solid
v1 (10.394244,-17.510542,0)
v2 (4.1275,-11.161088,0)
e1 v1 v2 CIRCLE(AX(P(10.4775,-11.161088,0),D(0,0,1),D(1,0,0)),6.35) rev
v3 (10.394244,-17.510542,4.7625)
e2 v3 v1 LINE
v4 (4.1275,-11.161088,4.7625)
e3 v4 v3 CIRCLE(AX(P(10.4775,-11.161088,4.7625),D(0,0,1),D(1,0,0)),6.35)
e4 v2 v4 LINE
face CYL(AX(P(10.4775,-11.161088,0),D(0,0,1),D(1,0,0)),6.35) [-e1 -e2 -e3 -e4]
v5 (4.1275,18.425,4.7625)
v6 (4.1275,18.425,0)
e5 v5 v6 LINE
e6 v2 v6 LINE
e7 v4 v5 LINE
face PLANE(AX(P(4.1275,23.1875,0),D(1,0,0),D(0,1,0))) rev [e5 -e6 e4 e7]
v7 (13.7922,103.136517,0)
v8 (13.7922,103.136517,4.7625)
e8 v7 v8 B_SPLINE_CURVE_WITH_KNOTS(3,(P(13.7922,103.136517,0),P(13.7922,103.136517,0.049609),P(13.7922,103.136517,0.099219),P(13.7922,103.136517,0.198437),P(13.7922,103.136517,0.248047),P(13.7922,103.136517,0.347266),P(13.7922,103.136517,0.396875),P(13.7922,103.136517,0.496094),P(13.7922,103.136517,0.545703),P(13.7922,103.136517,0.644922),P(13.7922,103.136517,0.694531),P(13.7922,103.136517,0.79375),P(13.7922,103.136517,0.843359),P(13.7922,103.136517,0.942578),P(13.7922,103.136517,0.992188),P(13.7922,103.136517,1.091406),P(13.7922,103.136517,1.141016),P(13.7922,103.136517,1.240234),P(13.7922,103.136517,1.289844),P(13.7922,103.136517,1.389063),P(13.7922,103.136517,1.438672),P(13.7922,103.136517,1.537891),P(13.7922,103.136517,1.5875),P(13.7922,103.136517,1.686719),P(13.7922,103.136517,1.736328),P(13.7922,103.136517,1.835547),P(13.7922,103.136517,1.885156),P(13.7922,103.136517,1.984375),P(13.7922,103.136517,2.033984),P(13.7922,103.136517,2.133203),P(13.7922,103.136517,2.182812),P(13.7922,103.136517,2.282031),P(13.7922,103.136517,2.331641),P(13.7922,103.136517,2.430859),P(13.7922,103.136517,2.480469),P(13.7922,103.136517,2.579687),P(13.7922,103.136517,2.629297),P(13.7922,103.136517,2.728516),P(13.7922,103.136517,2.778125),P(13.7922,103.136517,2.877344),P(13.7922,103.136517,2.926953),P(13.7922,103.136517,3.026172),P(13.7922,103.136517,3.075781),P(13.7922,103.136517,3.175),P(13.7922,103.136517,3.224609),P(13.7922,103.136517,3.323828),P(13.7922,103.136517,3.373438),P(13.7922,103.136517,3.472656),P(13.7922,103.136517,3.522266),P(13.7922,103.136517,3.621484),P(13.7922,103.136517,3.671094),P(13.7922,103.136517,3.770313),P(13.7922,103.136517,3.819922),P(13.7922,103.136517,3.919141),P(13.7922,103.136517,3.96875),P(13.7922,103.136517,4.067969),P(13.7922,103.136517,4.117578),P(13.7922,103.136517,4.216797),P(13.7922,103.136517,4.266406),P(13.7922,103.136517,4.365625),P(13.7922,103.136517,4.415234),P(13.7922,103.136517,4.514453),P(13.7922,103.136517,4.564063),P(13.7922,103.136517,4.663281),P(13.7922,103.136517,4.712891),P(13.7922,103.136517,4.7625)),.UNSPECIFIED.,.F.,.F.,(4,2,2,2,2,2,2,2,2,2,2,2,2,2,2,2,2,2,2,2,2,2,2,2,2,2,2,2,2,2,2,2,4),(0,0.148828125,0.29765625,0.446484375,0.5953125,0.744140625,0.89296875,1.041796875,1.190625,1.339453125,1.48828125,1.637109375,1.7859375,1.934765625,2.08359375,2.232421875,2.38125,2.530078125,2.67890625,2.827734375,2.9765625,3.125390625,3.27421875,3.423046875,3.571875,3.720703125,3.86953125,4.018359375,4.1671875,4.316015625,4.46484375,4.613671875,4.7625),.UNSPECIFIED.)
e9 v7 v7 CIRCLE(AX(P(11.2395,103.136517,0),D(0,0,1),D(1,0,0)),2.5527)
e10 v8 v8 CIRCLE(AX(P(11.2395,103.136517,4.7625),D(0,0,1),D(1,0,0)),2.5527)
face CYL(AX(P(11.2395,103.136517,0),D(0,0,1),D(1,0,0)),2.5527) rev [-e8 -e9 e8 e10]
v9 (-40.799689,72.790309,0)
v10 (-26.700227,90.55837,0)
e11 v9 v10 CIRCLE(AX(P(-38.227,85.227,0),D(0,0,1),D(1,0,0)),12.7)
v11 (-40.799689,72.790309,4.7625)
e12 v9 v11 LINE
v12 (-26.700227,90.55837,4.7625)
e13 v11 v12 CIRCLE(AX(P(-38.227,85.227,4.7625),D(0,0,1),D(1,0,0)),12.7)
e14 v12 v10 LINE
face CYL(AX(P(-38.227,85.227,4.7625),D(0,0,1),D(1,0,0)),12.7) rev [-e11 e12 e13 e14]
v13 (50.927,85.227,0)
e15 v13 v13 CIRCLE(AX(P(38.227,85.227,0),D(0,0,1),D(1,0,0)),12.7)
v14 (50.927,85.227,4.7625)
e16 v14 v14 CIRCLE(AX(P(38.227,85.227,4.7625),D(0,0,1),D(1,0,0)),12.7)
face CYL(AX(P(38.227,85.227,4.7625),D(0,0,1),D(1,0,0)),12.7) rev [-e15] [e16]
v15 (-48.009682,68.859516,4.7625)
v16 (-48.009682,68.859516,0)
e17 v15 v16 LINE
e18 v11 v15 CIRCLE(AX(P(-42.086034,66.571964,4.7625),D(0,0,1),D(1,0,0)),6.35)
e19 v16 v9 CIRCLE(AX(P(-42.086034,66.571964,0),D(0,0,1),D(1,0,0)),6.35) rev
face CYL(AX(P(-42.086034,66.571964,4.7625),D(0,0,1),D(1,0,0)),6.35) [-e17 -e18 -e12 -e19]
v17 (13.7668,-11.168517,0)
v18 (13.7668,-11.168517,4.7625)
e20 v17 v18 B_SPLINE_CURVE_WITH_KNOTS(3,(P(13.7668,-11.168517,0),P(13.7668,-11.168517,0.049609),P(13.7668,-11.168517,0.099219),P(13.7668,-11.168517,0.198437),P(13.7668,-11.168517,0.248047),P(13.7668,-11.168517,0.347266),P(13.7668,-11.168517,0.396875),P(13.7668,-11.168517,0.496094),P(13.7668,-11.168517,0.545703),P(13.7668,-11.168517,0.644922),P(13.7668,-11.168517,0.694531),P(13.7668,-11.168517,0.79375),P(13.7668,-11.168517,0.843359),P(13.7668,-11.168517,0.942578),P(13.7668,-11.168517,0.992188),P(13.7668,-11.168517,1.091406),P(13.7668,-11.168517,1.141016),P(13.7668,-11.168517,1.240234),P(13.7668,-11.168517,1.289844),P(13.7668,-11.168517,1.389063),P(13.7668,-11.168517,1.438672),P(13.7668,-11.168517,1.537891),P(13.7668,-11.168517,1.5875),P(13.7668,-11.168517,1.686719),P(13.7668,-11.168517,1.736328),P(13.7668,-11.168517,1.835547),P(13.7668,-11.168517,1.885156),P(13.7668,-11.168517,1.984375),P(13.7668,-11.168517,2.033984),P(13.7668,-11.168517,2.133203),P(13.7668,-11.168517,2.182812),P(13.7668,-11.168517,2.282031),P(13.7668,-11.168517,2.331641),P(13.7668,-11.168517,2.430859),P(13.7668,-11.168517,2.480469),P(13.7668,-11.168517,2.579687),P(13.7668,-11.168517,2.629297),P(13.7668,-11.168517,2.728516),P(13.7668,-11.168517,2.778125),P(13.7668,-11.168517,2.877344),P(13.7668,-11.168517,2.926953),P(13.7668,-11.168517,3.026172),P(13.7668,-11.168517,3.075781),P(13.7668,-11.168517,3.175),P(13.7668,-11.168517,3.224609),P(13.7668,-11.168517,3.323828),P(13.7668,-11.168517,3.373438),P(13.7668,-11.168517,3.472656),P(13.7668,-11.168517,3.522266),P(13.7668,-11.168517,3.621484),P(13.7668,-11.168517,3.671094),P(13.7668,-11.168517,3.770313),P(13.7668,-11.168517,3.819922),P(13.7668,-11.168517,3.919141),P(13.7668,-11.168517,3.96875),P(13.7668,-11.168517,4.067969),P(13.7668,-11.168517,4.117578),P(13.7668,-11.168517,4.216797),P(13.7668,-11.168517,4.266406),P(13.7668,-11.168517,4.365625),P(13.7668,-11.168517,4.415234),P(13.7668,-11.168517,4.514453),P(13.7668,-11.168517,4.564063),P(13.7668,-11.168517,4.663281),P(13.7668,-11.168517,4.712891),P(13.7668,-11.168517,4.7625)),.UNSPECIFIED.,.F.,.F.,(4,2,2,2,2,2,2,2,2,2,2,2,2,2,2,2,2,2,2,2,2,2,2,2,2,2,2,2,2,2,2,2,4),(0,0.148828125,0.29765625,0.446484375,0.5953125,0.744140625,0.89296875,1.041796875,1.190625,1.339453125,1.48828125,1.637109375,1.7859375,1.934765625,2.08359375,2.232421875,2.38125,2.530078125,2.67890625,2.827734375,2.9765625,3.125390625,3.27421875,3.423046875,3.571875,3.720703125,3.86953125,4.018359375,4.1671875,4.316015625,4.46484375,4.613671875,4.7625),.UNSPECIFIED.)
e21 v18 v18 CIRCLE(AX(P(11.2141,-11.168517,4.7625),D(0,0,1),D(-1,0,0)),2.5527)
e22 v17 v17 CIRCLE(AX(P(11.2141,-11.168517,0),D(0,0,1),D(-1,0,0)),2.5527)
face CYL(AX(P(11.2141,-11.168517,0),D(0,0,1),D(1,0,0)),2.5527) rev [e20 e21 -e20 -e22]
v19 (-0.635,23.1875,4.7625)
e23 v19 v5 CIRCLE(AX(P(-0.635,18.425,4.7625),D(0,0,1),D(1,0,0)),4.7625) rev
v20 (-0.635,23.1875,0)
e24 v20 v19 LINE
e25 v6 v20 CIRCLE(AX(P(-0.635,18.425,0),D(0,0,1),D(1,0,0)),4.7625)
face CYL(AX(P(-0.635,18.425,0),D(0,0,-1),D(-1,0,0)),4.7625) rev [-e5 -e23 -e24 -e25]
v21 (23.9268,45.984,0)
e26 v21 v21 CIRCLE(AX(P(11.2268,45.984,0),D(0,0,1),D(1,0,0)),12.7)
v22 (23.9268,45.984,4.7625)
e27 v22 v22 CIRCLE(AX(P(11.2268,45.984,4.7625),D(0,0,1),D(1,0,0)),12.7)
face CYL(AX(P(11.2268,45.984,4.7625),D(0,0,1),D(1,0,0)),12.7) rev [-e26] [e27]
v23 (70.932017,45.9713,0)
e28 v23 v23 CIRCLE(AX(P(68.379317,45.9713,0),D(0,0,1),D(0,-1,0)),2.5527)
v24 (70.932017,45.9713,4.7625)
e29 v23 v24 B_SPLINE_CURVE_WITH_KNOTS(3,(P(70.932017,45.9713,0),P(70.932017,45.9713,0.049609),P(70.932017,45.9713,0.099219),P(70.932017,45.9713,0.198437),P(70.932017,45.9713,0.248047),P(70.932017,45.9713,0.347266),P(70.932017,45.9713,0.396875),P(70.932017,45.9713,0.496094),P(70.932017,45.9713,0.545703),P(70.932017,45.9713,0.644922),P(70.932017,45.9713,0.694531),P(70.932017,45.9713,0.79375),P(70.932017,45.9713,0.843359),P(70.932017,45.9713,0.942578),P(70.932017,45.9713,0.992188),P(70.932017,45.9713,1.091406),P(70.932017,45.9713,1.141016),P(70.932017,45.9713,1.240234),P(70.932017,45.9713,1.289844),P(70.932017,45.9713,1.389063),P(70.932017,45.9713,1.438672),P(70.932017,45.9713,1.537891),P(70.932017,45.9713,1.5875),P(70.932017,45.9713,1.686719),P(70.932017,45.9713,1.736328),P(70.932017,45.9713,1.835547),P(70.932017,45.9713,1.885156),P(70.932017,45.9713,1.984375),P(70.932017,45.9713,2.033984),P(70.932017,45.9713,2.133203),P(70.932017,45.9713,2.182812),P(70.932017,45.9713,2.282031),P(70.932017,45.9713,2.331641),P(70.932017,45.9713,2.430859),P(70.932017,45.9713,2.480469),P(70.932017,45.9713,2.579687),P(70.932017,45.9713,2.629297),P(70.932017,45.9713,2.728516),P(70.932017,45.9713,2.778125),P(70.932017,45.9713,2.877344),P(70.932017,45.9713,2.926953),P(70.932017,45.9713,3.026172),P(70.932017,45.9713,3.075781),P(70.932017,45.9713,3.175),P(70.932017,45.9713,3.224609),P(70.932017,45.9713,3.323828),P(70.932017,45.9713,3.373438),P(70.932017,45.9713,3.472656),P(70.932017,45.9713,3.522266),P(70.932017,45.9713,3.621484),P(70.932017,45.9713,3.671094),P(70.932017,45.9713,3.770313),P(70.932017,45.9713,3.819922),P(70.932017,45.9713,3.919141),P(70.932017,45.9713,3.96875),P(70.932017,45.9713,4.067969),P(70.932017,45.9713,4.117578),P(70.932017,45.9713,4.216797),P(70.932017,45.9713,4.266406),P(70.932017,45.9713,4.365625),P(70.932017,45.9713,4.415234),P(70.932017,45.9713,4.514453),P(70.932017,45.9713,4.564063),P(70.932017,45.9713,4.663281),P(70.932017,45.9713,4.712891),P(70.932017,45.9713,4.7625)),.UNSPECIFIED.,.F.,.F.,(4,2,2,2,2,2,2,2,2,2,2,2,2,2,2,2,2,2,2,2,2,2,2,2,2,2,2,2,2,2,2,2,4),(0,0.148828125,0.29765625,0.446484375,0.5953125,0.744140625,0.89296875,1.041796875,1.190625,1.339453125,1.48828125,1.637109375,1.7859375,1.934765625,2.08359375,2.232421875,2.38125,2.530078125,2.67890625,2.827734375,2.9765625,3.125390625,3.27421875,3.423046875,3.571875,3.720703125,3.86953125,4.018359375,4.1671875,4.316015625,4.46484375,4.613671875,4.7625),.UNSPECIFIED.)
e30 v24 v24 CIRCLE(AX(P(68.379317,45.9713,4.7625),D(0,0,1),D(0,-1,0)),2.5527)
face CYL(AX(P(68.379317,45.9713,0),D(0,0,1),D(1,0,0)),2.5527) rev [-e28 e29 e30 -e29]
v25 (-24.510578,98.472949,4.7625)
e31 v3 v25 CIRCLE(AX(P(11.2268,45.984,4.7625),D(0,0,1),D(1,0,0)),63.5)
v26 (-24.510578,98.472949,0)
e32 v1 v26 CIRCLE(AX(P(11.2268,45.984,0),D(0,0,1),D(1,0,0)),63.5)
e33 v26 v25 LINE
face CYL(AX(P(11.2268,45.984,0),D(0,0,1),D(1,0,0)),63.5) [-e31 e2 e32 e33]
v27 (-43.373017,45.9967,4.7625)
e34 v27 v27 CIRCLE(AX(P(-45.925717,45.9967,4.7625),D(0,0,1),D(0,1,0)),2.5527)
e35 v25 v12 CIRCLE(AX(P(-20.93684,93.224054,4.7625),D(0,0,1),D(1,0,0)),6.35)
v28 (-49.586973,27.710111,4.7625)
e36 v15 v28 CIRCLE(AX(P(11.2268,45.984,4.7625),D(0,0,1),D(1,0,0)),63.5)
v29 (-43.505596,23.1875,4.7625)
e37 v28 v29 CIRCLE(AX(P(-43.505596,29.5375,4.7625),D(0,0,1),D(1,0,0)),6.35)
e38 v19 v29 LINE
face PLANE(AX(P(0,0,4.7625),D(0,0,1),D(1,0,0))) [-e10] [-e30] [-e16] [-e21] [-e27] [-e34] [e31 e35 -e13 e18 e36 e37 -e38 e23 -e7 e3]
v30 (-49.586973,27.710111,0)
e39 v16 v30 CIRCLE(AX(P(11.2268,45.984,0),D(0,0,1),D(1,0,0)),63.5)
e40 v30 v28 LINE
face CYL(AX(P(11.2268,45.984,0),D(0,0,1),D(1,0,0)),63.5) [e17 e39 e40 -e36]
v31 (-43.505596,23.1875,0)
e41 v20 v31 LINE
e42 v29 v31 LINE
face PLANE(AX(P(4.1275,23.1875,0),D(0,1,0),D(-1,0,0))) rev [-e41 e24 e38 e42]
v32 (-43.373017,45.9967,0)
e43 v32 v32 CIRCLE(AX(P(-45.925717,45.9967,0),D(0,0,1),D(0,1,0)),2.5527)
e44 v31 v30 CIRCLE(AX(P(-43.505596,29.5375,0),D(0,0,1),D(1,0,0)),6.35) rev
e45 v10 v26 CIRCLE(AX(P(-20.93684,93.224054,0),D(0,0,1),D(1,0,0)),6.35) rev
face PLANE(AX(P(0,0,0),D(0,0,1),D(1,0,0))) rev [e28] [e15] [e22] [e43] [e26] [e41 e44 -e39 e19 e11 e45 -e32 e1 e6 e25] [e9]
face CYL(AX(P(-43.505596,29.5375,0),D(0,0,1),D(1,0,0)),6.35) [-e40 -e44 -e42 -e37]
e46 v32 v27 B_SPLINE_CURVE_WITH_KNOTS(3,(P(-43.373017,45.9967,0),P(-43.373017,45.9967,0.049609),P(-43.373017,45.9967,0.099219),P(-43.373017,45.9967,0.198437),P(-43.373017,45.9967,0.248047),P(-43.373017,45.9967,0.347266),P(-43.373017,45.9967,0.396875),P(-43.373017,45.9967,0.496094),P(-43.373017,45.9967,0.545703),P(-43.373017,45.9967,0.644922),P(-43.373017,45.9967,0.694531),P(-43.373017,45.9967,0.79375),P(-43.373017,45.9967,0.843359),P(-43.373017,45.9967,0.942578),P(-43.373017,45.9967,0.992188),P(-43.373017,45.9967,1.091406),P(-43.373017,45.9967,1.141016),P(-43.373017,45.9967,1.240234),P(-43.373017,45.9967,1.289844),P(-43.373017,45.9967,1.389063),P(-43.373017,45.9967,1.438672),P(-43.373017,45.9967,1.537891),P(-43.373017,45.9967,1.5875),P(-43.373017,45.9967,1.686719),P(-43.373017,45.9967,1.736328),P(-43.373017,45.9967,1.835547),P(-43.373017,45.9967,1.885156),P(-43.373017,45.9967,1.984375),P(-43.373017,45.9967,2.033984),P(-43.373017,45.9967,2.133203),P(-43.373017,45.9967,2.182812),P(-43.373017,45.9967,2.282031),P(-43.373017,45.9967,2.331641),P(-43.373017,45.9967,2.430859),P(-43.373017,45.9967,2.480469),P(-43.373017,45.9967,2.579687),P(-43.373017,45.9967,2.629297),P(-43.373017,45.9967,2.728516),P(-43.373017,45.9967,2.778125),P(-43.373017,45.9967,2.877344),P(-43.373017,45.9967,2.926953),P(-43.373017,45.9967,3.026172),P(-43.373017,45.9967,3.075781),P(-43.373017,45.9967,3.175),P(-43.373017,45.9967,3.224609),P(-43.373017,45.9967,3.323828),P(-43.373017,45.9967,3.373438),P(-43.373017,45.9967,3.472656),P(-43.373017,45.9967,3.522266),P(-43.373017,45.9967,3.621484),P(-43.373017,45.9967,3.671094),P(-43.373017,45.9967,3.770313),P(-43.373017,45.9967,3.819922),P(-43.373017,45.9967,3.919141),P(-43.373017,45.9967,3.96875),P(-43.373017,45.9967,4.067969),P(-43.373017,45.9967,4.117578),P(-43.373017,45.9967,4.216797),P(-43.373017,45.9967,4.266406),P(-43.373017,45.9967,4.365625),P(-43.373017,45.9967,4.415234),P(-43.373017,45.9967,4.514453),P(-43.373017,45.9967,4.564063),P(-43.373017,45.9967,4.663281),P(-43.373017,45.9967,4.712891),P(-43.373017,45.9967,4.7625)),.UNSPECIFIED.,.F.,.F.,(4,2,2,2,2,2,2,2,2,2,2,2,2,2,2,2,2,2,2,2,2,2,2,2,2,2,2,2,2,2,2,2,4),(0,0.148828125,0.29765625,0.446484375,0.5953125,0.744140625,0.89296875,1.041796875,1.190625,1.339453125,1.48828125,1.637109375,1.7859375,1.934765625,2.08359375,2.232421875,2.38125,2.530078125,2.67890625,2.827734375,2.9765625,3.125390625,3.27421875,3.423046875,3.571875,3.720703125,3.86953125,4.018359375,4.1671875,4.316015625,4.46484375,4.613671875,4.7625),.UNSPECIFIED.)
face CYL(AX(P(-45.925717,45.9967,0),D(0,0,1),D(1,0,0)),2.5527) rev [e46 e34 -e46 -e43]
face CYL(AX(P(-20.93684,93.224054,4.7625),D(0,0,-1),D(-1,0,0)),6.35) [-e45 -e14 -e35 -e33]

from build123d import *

# Parameters (mm, degrees)
SKETCH2_W                  = 228.6
SKETCH2_H                  = 165.1
BOSS_EXTRUDE1_DEPTH        = 4.7625
F_1_2_0_5_DIAMETER_HOLE1_D = 25.4
SKETCH7_R                  = 66.675
CUT_EXTRUDE4_DEPTH         = 169.123203057
FILLET1_R                  = 6.35
CUT_EXTRUDE5_DEPTH         = 169.123203057
FILLET2_R                  = 4.7625
SKETCH9_R                  = 2.5527
CUT_EXTRUDE6_DEPTH         = 169.123203057
SKETCH10_OUTSIDE_W         = 285.248
SKETCH10_OUTSIDE_H         = 206.251
SKETCH10_OUTSIDE_R         = 63.5
CUT_EXTRUDE7_DEPTH         = 169.123203057
FILLET3_R                  = 6.35
SKETCH11_R                 = 2.5527
CUT_EXTRUDE8_DEPTH         = 133.640575761
CIRPATTERN1_COUNT          = 4


with BuildPart() as part:
    # Sketch2 → Boss-Extrude1 (new body)
    with BuildSketch(Plane.XY):
        with Locations((0, 40.65)):
            Rectangle(SKETCH2_W, SKETCH2_H)
    extrude(amount=BOSS_EXTRUDE1_DEPTH)

    # 1/2 (0.5) Diameter Hole1 (through all)
    with Locations(Plane.XY.offset(4.7625)):
        with Locations((-38.227, 85.227), (38.227, 85.227), (11.2268, 45.984)):
            Hole(F_1_2_0_5_DIAMETER_HOLE1_D / 2)

    # Sketch7 → Cut-Extrude4 (cut, through all)
    with BuildSketch(Plane(origin=(0, 0, 0), x_dir=(-1, 0, 0), z_dir=(0, 0, -1))):
        with Locations((0, 180.35)):
            Circle(SKETCH7_R)
    extrude(amount=-CUT_EXTRUDE4_DEPTH, mode=Mode.SUBTRACT)

    # Fillet1
    fillet1_edges = [part.edges().sort_by_distance(p)[0] for p in [
        (-114.3, -41.9, 2.38125),
        (114.3, -41.9, 2.38125),
        (114.3, 123.2, 2.38125),
        (-114.3, 123.2, 2.38125),
    ]]
    fillet(fillet1_edges, radius=FILLET1_R)

    # Sketch8 → Cut-Extrude5 (cut, through all)
    with BuildSketch(Plane.XY.offset(4.7625)):
        with BuildLine():
            Line((-107.95, -41.9), (107.95, -41.9))
            ThreePointArc((107.95, -41.9), (112.440128061, -40.040128061), (114.3, -35.55))
            Line((114.3, -35.55), (114.3, -10.15))
            Line((114.3, -10.15), (56.945117879, -10.15))
            ThreePointArc((56.945117879, -10.15), (32.110421547, -23.329546563), (4.1275, -26.053274001))
            Line((4.1275, -26.053274001), (4.1275, 23.1875))
            Line((4.1275, 23.1875), (-53.975, 23.1875))
            Line((-53.975, 23.1875), (-53.975, -10.15))
            Line((-53.975, -10.15), (-114.3, -10.15))
            Line((-114.3, -10.15), (-114.3, -35.55))
            ThreePointArc((-114.3, -35.55), (-112.440128061, -40.040128061), (-107.95, -41.9))
        make_face()
    extrude(amount=-CUT_EXTRUDE5_DEPTH, mode=Mode.SUBTRACT)

    # Fillet2
    fillet2_edges = [part.edges().sort_by_distance(p)[0] for p in [
        (114.3, -10.15, 2.38125),
        (56.945117879, -10.15, 2.38125),
        (4.1275, -26.053274001, 2.38125),
        (4.1275, 23.1875, 2.38125),
        (-53.975, 23.1875, 2.38125),
        (-53.975, -10.15, 2.38125),
        (-114.3, -10.15, 2.38125),
    ]]
    fillet(fillet2_edges, radius=FILLET2_R)

    # Sketch9 → Cut-Extrude6 (cut, through all)
    with BuildSketch(Plane.XY.offset(4.7625)):
        with Locations((-107.95, 116.85)):
            Circle(SKETCH9_R)
        with Locations((-109.5375, -5.3875)):
            Circle(SKETCH9_R)
        with Locations((109.5375, -5.3875)):
            Circle(SKETCH9_R)
        with Locations((107.95, 116.85)):
            Circle(SKETCH9_R)
    extrude(amount=-CUT_EXTRUDE6_DEPTH, mode=Mode.SUBTRACT)

    # Sketch10 outside → Cut-Extrude7 (cut, through all)
    with BuildSketch(Plane.XY.offset(4.7625)):
        with Locations((0, 48.3985)):
            Rectangle(SKETCH10_OUTSIDE_W, SKETCH10_OUTSIDE_H)
        with Locations((11.2268, 45.984)):
            Circle(SKETCH10_OUTSIDE_R, mode=Mode.SUBTRACT)
    extrude(amount=-CUT_EXTRUDE7_DEPTH, mode=Mode.SUBTRACT)

    # Fillet3
    fillet3_edges = [part.edges().sort_by_distance(p)[0] for p in [
        (4.1275, -17.117901235, 2.38125),
        (-29.641139389, 94.585044537, 2.38125),
        (-45.389292566, 74.73931364, 2.38125),
        (-48.040135029, 23.1875, 2.38125),
    ]]
    fillet(fillet3_edges, radius=FILLET3_R)

    # Sketch11 → Cut-Extrude8 (cut, through all)
    with BuildSketch(Plane.XY.offset(4.7625)):
        with Locations((11.2395, 103.136517476)):
            Circle(SKETCH11_R)
    cut_extrude8 = extrude(amount=-CUT_EXTRUDE8_DEPTH, mode=Mode.SUBTRACT)

    # CirPattern1: Cut-Extrude8 ×4 about axis
    cirpattern1_axis = Axis((11.2268, 45.984, 4.7625), (0, 0, 1))
    for i in range(1, CIRPATTERN1_COUNT):
        add(cut_extrude8.rotate(cirpattern1_axis, i * 360 / CIRPATTERN1_COUNT), mode=Mode.SUBTRACT)


solid = part.part
